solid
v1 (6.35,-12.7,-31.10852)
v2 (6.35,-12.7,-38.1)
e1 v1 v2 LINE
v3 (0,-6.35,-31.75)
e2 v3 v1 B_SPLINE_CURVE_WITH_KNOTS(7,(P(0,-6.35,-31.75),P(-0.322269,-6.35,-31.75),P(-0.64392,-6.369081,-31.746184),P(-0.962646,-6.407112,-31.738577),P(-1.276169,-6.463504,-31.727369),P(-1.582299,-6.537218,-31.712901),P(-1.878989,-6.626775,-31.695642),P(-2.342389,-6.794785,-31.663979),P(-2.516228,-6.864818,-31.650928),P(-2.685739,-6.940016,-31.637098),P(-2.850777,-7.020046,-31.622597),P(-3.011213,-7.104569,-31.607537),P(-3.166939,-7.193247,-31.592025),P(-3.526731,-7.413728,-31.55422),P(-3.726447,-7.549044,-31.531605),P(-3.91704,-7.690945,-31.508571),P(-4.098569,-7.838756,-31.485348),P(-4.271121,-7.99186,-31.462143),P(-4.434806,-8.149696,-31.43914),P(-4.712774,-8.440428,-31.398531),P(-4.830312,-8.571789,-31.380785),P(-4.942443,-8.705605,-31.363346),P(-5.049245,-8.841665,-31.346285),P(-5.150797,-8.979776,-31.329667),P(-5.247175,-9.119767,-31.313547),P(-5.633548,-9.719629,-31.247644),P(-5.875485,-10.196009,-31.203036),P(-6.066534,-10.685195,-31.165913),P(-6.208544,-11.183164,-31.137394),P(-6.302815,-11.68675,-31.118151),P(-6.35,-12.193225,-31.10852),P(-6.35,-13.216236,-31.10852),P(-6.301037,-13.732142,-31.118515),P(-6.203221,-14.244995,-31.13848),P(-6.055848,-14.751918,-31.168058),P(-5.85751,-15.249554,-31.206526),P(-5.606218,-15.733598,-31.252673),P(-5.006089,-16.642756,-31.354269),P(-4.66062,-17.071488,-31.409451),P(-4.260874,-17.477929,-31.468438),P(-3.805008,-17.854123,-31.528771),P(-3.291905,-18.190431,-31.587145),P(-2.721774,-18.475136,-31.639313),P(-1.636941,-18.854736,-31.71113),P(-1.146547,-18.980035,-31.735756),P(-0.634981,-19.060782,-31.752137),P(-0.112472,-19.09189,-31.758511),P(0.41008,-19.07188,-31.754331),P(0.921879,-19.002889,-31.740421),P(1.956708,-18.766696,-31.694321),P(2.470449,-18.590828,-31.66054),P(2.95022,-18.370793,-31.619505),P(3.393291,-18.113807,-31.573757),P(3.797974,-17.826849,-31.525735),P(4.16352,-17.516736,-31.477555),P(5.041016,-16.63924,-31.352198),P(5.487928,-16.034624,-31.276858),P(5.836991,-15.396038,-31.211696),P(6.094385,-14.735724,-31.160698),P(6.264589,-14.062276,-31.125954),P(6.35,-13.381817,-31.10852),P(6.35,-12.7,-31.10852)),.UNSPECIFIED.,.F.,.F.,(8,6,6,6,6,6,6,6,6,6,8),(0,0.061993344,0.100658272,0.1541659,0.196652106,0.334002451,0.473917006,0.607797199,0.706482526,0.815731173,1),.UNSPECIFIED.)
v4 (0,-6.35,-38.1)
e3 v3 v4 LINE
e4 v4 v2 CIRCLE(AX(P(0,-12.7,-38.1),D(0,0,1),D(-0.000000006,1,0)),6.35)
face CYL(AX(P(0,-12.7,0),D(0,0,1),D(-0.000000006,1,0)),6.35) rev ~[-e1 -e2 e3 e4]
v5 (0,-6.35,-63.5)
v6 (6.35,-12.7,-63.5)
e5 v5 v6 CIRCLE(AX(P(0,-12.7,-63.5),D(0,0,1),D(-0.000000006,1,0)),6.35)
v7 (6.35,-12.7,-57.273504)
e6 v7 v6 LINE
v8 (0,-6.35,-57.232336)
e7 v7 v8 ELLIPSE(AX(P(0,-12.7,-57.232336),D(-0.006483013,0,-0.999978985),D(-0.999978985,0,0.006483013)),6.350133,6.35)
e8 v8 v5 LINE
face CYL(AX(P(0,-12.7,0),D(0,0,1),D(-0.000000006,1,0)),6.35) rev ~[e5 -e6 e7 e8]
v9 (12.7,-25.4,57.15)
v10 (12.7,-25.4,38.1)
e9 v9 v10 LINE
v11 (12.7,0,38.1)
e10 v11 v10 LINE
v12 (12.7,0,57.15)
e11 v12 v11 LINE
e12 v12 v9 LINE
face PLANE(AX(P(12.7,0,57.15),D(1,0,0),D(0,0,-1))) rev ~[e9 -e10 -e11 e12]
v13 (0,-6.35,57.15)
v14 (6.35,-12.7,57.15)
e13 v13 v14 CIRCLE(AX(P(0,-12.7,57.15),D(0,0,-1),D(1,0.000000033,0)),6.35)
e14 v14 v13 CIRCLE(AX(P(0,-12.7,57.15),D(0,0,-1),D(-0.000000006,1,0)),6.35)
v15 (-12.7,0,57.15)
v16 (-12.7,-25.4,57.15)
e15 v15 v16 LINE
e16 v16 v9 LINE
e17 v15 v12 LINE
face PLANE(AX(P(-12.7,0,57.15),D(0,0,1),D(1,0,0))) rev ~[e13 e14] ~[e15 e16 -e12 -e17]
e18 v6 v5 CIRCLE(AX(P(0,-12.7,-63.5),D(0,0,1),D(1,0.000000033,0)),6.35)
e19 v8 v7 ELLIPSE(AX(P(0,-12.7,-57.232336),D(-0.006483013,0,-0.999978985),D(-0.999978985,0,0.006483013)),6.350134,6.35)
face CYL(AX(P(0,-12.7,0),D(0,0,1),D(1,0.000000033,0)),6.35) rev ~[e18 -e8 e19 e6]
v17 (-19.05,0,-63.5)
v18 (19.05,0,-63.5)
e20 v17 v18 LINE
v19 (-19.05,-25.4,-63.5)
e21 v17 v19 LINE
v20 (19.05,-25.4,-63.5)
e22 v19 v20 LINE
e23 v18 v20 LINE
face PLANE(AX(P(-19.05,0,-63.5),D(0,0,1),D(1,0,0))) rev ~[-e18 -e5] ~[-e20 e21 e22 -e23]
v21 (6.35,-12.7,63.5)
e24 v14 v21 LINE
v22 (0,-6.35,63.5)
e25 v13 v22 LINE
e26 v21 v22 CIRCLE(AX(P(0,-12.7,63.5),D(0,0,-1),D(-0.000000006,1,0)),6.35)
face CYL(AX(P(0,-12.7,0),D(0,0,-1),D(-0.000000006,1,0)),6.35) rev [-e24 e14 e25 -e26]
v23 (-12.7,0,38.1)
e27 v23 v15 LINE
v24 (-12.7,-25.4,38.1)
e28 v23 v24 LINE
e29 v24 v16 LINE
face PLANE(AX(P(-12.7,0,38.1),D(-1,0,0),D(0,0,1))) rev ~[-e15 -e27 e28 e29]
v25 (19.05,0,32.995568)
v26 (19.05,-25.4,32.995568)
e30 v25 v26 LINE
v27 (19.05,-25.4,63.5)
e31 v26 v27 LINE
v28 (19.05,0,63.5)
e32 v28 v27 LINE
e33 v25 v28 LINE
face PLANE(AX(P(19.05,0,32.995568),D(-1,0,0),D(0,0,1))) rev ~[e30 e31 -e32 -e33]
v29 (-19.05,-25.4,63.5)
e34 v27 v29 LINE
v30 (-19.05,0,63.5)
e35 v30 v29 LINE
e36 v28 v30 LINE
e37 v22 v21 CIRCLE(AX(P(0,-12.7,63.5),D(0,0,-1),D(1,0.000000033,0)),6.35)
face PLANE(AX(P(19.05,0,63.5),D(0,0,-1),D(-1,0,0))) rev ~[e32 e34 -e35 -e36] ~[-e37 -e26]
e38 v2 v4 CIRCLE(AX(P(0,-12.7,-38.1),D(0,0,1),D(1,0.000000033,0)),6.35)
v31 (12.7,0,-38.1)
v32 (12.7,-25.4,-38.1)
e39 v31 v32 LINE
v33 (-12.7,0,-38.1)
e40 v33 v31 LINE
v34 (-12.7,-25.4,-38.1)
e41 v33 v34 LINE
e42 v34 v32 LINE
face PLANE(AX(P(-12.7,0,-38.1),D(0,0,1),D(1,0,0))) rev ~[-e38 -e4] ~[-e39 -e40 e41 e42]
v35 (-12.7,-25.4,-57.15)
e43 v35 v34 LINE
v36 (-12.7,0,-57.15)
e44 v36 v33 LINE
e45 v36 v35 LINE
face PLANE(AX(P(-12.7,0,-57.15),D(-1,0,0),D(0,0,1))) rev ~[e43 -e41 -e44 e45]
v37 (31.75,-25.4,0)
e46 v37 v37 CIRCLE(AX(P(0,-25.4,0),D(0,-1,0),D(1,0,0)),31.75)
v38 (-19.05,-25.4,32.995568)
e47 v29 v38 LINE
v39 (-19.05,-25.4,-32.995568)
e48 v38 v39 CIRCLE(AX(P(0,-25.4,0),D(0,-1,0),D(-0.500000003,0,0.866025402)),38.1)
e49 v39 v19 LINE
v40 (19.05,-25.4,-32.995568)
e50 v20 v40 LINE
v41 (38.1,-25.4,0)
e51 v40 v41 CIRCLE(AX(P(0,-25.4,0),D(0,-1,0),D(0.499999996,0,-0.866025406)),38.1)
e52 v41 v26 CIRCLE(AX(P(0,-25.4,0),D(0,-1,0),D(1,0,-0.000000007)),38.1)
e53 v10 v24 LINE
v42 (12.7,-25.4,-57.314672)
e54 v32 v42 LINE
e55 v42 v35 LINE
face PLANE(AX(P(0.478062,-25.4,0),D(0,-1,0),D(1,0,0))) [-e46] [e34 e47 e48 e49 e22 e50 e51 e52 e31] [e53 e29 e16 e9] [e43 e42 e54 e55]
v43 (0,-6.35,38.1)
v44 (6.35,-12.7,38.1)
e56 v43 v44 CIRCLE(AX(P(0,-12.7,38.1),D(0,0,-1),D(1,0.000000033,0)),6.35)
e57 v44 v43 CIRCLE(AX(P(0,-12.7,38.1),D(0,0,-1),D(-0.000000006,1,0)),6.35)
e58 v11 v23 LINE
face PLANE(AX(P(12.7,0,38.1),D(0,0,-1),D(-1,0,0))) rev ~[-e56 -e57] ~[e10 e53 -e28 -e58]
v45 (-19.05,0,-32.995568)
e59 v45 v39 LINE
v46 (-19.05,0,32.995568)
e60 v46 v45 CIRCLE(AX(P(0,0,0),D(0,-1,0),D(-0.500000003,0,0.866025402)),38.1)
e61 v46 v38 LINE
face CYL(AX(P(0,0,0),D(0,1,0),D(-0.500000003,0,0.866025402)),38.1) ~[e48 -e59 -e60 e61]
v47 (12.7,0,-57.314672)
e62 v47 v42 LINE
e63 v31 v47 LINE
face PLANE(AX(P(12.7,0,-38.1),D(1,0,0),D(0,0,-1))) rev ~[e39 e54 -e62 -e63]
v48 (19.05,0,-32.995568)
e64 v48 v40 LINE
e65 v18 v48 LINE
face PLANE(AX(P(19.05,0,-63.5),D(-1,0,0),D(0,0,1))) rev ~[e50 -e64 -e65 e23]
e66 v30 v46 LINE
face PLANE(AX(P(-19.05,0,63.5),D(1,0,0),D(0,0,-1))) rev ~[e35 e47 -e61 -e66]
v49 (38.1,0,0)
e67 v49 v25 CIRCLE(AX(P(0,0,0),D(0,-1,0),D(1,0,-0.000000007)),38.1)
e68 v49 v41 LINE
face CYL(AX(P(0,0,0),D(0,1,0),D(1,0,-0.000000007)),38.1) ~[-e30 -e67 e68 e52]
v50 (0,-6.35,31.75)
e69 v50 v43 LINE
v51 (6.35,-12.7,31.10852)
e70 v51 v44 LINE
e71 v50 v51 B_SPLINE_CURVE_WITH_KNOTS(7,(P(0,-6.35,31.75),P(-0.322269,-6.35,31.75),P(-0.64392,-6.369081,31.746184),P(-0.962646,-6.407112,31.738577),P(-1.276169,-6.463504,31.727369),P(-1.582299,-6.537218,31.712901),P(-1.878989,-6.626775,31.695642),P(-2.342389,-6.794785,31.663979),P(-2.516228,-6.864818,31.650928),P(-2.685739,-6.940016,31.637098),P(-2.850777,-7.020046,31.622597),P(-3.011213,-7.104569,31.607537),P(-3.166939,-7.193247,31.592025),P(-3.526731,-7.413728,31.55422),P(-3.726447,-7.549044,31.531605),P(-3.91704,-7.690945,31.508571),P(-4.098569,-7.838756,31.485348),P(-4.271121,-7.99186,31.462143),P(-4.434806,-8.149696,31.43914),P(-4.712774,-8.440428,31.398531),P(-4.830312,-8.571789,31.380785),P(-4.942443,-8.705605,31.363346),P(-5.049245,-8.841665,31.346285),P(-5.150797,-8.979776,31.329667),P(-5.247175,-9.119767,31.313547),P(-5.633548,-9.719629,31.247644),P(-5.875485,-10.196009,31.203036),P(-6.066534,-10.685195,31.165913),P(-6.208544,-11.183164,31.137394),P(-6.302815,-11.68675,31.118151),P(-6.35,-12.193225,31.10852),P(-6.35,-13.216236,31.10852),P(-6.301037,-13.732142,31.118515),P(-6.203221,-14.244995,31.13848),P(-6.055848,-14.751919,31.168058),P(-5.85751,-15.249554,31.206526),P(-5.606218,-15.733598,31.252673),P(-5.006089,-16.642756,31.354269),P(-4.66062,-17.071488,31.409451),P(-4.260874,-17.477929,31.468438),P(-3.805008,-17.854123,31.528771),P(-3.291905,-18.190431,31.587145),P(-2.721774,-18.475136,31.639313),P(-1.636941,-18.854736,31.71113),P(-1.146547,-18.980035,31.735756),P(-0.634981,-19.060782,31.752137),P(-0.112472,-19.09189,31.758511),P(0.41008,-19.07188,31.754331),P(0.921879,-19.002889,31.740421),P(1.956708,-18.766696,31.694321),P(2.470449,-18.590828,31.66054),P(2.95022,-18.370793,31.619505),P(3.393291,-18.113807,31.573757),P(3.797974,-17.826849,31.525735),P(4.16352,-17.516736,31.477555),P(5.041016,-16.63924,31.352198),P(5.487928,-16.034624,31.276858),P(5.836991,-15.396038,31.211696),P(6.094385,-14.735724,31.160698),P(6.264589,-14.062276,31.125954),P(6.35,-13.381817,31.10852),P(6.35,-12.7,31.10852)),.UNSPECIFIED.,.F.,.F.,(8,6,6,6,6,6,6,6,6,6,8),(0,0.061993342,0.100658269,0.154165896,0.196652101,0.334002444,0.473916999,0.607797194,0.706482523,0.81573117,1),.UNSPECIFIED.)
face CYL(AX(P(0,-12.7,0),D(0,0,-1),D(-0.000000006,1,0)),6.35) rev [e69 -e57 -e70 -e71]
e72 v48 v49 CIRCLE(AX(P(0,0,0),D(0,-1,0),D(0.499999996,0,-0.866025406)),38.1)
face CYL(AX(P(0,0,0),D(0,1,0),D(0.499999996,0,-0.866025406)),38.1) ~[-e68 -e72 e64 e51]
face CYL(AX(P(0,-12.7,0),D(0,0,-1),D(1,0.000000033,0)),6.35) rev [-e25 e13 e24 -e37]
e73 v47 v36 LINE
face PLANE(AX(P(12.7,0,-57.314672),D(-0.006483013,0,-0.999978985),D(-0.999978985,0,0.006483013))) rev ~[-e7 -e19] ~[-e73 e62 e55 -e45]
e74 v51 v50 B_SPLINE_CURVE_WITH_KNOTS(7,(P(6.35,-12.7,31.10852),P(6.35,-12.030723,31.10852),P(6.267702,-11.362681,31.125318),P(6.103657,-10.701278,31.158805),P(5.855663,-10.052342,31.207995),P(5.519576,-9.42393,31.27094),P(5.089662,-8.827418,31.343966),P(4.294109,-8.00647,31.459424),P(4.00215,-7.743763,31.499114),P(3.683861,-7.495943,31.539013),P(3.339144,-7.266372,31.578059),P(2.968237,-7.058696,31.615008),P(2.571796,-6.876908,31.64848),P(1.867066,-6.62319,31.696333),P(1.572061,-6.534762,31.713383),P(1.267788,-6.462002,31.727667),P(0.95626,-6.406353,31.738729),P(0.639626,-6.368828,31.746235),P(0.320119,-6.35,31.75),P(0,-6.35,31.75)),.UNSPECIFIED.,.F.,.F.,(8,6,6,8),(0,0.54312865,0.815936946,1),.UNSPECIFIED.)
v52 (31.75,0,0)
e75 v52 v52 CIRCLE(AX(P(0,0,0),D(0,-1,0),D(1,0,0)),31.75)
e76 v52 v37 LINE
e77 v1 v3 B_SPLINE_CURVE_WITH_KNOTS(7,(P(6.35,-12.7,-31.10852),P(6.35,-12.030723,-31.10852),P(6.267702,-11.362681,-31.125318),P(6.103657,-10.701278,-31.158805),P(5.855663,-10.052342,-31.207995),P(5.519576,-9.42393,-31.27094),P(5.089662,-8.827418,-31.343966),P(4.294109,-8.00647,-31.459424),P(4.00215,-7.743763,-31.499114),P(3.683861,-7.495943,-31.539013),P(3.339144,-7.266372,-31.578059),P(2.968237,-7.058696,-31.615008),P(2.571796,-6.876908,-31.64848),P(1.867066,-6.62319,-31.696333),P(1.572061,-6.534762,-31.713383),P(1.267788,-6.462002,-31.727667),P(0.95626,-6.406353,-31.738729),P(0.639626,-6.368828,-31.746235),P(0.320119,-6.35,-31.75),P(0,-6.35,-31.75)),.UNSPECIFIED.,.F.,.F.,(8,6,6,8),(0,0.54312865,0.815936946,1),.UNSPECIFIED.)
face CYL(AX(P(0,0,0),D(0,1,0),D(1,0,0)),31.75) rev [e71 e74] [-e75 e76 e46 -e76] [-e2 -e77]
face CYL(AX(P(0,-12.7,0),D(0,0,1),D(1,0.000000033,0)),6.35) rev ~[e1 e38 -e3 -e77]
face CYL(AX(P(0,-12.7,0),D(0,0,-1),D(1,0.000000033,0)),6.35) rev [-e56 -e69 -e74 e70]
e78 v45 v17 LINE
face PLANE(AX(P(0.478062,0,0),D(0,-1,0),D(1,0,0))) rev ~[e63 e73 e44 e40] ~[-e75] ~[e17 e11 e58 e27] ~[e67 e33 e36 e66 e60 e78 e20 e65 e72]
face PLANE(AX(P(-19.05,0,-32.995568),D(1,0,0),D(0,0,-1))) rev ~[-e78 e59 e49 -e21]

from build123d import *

# Parameters (mm, degrees)
F0_R     = 31.75
F0_W     = 6.35
F0_H     = 6.35
F0_H_2   = 6.514672
F1_DEPTH = 25.4
F3_DEPTH = 102.108
F4_DEPTH = 65.278


with BuildPart() as f1:
    # F0 (on Front) → F1 (new body)
    with BuildSketch(Plane.XZ):
        with BuildLine():
            ThreePointArc((19.05, -32.995568), (32.995568, -19.05), (38.1, 0))
            ThreePointArc((38.1, 0), (32.995568, 19.05), (19.05, 32.995568))
            ThreePointArc((19.05, 32.995568), (9.861006, 36.801774), (0, 38.1))
            ThreePointArc((0, 38.1), (-9.861006, 36.801774), (-19.05, 32.995568))
            ThreePointArc((-19.05, 32.995568), (-38.1, 0), (-19.05, -32.995568))
            ThreePointArc((-19.05, -32.995568), (-9.861006, -36.801774), (0, -38.1))
            ThreePointArc((0, -38.1), (9.861006, -36.801774), (19.05, -32.995568))
        make_face()
        Circle(F0_R, mode=Mode.SUBTRACT)
        with BuildLine():
            ThreePointArc((0, 38.1), (9.861006, 36.801774), (19.05, 32.995568))
            Line((19.05, 32.995568), (19.05, 38.1))
            Line((19.05, 38.1), (12.7, 38.1))
            Line((12.7, 38.1), (0, 38.1))
        make_face()
        with BuildLine():
            Line((19.05, -38.1), (19.05, -32.995568))
            ThreePointArc((19.05, -32.995568), (9.861006, -36.801774), (0, -38.1))
            Line((0, -38.1), (12.7, -38.1))
            Line((12.7, -38.1), (19.05, -38.1))
        make_face()
        with BuildLine():
            ThreePointArc((-19.05, 32.995568), (-9.861006, 36.801774), (0, 38.1))
            Line((0, 38.1), (-12.7, 38.1))
            Line((-12.7, 38.1), (-19.05, 38.1))
            Line((-19.05, 38.1), (-19.05, 32.995568))
        make_face()
        with Locations((15.875, 41.275)):
            Rectangle(F0_W, F0_H)
        with BuildLine():
            Line((-12.7, -38.1), (0, -38.1))
            ThreePointArc((0, -38.1), (-9.861006, -36.801774), (-19.05, -32.995568))
            Line((-19.05, -32.995568), (-19.05, -38.1))
            Line((-19.05, -38.1), (-12.7, -38.1))
        make_face()
        with Locations((15.875, -41.357336)):
            Rectangle(F0_W, F0_H_2)
        with Locations((-15.875, 41.275)):
            Rectangle(F0_W, F0_H)
        Polygon((12.7, 44.45), (19.05, 44.45), (19.05, 63.5), (-19.05, 63.5), (-19.05, 44.45), (-12.7, 44.45), (-12.7, 57.15), (12.7, 57.15), align=None)
        with Locations((-15.875, -41.275)):
            Rectangle(F0_W, F0_H)
        Polygon((19.05, -63.5), (19.05, -44.614672), (12.7, -44.614672), (12.7, -57.314672), (-12.7, -57.15), (-12.7, -44.45), (-19.05, -44.45), (-19.05, -63.5), align=None)
    extrude(amount=F1_DEPTH)

    # F2 (on Top) → F3 (cut)
    with BuildSketch(Plane.XY):
        with BuildLine():
            ThreePointArc((0, -6.35), (-4.490128, -17.190128), (6.35, -12.7))
            ThreePointArc((6.35, -12.7), (4.490128, -8.209872), (0, -6.35))
        make_face()
    extrude(amount=-F3_DEPTH, mode=Mode.SUBTRACT)

    # F2 (on Top) → F4 (cut)
    with BuildSketch(Plane.XY):
        with BuildLine():
            ThreePointArc((0, -6.35), (-4.490128, -17.190128), (6.35, -12.7))
            ThreePointArc((6.35, -12.7), (4.490128, -8.209872), (0, -6.35))
        make_face()
    extrude(amount=F4_DEPTH, mode=Mode.SUBTRACT)


solid = f1.part
